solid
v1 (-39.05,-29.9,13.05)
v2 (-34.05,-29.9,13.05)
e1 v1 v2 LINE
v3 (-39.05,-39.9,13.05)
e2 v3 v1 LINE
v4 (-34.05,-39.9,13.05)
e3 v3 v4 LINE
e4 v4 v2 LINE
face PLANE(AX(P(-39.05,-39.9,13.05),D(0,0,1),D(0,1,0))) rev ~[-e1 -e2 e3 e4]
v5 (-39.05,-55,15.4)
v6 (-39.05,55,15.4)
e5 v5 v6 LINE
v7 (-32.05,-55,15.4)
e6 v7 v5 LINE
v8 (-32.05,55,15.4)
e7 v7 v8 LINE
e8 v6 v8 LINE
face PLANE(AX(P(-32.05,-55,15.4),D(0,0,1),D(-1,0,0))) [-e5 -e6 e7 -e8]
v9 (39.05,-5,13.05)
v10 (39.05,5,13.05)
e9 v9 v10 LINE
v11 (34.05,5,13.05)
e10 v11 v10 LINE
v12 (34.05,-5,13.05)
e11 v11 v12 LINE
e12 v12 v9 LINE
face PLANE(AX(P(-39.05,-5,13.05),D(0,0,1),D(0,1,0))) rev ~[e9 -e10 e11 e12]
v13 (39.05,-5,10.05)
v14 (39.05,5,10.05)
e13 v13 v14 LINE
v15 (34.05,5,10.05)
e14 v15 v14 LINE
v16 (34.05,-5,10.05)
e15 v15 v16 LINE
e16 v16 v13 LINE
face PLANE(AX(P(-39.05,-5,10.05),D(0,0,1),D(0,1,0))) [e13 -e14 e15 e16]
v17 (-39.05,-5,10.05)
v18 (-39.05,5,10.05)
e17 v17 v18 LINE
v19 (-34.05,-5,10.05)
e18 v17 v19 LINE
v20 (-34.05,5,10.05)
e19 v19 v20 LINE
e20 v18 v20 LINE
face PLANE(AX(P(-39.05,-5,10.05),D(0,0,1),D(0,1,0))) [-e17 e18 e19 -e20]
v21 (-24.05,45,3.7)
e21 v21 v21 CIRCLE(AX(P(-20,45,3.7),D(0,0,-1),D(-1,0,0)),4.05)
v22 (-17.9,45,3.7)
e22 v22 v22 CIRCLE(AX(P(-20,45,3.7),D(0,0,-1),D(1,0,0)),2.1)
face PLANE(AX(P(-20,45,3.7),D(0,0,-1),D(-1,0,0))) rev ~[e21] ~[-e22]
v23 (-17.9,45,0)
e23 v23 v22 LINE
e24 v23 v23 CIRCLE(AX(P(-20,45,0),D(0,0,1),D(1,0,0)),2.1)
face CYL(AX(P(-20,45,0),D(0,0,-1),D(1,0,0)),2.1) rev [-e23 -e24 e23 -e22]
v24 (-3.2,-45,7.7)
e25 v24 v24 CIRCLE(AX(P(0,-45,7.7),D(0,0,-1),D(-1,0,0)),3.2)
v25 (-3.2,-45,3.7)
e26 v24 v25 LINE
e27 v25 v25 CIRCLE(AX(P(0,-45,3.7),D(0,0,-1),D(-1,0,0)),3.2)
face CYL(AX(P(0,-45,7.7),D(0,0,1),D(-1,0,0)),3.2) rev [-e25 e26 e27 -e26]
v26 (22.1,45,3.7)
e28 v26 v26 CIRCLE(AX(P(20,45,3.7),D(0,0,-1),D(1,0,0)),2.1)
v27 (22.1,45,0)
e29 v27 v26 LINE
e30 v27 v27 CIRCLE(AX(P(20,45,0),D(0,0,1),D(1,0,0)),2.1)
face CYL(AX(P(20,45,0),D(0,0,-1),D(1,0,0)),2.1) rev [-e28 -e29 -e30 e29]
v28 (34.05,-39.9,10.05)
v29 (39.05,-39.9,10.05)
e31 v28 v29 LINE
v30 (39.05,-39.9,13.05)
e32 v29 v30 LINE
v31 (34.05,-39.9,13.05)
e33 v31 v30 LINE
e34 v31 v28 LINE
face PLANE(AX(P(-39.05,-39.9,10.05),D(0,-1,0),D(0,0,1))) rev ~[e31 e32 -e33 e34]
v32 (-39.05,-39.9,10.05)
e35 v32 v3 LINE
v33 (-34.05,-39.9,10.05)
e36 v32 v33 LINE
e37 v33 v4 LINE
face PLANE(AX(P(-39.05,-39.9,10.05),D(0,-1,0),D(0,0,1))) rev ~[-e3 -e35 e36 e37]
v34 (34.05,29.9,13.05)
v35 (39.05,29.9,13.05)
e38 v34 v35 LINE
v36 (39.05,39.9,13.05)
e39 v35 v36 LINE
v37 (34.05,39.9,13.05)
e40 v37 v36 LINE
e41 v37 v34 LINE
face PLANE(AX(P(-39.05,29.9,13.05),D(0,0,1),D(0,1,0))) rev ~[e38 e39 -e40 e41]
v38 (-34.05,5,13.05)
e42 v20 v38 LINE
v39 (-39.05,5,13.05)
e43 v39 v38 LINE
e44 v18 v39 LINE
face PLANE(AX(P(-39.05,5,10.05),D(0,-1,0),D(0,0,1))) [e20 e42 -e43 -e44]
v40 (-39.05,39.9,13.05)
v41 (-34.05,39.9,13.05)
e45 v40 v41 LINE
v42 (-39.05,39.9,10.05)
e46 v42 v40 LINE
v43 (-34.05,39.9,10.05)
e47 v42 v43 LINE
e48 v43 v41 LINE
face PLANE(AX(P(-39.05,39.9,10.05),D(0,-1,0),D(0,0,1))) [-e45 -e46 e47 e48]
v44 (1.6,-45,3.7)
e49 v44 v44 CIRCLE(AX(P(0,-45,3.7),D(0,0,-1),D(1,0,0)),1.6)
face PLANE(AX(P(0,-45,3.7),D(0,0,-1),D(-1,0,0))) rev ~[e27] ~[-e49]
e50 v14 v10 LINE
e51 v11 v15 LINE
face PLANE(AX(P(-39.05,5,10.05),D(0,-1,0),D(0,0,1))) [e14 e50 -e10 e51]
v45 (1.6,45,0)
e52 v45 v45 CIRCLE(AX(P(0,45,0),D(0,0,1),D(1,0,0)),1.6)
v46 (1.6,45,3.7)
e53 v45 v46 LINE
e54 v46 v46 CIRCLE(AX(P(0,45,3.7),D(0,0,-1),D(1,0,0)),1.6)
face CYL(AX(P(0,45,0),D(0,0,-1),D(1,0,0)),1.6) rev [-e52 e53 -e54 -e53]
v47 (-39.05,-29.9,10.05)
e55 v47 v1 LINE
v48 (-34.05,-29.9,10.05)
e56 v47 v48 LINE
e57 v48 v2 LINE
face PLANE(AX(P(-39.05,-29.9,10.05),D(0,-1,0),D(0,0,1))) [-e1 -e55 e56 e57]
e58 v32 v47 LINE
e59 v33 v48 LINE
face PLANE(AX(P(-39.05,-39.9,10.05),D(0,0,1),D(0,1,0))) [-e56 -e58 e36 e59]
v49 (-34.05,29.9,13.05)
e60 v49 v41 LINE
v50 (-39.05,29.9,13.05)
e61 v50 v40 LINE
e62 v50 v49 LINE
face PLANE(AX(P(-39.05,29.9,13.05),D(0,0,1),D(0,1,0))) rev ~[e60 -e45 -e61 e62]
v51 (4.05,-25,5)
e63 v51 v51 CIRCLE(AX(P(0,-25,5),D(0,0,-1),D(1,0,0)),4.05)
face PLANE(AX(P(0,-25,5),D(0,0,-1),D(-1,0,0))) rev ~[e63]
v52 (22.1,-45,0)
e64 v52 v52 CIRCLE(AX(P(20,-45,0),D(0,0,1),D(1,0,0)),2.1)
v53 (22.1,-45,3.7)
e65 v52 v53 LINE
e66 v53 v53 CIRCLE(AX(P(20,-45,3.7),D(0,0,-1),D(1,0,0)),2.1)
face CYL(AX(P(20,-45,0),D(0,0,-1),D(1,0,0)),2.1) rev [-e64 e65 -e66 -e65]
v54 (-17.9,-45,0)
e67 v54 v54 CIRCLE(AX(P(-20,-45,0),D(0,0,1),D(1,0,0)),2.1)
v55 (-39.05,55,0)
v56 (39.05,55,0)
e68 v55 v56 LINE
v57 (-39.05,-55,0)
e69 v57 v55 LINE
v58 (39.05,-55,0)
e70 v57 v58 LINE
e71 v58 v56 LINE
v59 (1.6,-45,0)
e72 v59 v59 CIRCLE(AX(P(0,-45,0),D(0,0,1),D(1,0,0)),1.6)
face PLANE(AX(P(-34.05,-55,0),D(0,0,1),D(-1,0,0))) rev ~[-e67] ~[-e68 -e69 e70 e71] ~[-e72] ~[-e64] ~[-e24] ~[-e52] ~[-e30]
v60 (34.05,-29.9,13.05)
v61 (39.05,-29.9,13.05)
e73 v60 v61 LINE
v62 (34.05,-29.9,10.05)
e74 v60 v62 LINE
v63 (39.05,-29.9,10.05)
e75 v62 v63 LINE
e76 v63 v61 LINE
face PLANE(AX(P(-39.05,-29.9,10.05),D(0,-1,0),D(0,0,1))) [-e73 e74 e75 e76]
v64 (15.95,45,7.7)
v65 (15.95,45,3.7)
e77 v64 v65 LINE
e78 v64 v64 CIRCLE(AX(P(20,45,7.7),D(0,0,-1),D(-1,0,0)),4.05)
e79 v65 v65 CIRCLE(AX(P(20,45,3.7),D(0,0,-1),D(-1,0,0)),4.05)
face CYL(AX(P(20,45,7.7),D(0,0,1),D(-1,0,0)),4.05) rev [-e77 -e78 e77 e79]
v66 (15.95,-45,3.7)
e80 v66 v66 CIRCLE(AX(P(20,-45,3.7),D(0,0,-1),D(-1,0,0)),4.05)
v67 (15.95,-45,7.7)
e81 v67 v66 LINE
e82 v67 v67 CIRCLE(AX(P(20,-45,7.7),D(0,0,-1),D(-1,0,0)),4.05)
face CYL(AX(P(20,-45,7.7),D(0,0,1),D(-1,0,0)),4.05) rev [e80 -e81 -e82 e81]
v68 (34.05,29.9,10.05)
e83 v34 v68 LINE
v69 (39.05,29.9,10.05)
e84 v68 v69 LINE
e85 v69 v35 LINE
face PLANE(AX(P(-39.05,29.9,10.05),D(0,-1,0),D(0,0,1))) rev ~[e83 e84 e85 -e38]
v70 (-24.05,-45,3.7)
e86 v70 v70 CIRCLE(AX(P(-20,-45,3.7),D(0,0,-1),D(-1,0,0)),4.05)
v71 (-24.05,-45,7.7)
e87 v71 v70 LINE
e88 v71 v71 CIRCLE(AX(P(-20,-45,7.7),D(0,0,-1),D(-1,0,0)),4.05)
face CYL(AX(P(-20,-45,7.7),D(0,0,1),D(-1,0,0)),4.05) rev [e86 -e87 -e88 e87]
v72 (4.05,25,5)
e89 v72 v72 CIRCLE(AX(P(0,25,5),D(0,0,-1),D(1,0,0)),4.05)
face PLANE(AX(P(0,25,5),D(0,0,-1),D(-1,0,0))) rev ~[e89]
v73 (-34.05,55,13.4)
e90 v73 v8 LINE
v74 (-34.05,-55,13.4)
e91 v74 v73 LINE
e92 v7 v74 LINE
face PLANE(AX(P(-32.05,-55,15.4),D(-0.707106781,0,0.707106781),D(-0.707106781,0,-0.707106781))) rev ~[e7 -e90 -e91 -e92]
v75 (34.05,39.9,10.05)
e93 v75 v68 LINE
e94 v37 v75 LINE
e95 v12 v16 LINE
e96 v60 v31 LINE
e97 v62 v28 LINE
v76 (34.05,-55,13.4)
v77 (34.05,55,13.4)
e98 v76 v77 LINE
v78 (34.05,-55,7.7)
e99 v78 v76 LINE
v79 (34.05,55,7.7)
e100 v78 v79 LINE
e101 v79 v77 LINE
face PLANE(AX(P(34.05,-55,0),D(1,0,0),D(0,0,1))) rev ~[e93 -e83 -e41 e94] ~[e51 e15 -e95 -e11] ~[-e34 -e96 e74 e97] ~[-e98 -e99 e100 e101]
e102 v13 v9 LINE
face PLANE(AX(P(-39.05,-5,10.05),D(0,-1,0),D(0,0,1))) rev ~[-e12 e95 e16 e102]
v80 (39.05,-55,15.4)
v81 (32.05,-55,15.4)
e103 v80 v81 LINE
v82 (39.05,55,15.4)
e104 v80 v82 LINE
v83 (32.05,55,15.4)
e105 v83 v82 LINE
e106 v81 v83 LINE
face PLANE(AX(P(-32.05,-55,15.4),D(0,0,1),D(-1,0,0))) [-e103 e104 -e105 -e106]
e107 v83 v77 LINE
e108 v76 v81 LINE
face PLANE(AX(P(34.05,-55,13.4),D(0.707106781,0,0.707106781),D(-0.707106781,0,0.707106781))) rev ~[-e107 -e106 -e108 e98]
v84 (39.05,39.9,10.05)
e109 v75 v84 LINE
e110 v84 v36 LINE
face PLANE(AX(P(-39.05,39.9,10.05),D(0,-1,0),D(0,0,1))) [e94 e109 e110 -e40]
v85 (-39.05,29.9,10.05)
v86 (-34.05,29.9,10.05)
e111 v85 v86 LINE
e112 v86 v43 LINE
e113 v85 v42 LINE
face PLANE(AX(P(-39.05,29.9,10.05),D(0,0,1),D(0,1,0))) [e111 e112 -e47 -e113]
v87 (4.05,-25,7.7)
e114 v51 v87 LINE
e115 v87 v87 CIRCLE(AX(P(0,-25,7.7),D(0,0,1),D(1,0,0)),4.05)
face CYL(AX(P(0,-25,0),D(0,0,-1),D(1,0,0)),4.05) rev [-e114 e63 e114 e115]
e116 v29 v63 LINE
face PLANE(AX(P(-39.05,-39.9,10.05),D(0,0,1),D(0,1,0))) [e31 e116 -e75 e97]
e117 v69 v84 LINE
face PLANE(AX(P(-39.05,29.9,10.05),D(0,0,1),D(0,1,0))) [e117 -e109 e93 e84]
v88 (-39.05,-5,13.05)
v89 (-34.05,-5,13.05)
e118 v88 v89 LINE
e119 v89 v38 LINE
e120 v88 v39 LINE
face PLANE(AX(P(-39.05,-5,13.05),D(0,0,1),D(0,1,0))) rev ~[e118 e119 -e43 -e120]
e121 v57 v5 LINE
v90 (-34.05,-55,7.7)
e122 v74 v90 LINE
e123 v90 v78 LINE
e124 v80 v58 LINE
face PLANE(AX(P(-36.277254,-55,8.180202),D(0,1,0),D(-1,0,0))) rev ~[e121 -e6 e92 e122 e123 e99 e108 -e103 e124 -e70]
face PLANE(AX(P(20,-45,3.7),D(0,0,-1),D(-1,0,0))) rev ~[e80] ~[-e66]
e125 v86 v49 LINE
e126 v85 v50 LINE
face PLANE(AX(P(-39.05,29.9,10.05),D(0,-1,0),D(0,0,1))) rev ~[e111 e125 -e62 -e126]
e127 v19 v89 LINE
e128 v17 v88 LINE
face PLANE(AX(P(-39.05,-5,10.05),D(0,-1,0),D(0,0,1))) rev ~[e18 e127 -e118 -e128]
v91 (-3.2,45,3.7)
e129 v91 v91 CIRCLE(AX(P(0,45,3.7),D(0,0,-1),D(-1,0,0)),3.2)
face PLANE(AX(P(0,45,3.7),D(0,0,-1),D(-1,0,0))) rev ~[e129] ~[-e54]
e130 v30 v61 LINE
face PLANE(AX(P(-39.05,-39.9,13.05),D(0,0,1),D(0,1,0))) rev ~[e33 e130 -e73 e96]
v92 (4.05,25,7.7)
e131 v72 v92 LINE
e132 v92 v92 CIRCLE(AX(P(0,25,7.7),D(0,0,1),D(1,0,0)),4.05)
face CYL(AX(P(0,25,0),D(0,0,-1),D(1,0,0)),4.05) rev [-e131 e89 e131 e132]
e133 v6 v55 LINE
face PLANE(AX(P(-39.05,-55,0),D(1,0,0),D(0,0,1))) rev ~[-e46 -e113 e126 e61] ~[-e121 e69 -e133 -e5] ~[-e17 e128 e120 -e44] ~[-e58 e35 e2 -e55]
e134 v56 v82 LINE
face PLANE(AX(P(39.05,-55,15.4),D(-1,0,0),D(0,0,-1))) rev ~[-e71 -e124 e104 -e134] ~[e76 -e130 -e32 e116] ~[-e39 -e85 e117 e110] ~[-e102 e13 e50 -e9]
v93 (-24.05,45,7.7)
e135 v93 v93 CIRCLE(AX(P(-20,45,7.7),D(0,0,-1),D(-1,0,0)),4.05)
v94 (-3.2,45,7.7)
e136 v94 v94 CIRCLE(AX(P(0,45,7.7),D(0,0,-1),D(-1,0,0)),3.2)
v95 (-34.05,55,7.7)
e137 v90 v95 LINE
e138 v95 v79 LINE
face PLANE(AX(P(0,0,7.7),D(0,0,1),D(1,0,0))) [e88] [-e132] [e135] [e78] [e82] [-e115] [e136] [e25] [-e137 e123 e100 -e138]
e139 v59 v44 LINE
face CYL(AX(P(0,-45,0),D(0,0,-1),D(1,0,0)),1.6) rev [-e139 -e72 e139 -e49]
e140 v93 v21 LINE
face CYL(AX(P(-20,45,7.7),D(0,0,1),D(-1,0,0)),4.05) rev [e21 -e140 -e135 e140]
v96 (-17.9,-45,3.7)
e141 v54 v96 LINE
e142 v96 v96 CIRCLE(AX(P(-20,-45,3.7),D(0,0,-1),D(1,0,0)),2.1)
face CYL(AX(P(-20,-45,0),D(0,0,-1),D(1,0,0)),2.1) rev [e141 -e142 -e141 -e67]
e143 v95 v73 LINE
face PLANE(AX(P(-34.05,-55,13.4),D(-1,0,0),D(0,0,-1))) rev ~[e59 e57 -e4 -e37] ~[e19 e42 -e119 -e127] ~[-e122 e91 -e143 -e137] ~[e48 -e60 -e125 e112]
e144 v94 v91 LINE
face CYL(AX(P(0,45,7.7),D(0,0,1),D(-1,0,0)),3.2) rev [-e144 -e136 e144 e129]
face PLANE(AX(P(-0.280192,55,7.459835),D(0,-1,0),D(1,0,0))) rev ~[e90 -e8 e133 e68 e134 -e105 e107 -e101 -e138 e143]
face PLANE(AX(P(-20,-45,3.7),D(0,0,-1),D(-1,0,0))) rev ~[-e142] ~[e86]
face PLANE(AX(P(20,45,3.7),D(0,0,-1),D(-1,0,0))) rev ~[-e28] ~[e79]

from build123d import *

# Parameters (mm, degrees)
SKETCH1_W                = 68.1
SKETCH1_H                = 110
SKETCH1_R                = 2.1
SKETCH1_R_2              = 4.05
SKETCH1_R_3              = 1.6
BOSS_EXTRUDE1_DEPTH      = 7.7
SKETCH2_R                = 7.334333348
SKETCH2_R_2              = 11.073656437
BOSS_EXTRUDE2_DEPTH      = 5
SKETCH3_R                = 4.05
SKETCH3_R_2              = 3.2
CUT_EXTRUDE1_DEPTH       = 4
SKETCH4_W                = 68.1
SKETCH4_H                = 5
BOSS_EXTRUDE3_DEPTH      = 7.7
BOSS_EXTRUDE3_DEPTH_BACK = 7.7
BOSS_EXTRUDE4_DEPTH      = 115
SKETCH8_W                = 94.544818424
SKETCH8_H                = 30.580965824
CUT_EXTRUDE2_DEPTH       = 10
SKETCH9_W                = 3
SKETCH9_H                = 10
CUT_EXTRUDE3_DEPTH       = 79.1


with BuildPart() as part:
    # Sketch1 → Boss-Extrude1 (new body)
    with BuildSketch(Plane.XY):
        Rectangle(SKETCH1_W, SKETCH1_H)
        with Locations((20, 45)):
            Circle(SKETCH1_R, mode=Mode.SUBTRACT)
        with Locations((-20, 45)):
            Circle(SKETCH1_R, mode=Mode.SUBTRACT)
        with Locations((20, -45)):
            Circle(SKETCH1_R, mode=Mode.SUBTRACT)
        with Locations((-20, -45)):
            Circle(SKETCH1_R, mode=Mode.SUBTRACT)
        with Locations((0, 25)):
            Circle(SKETCH1_R_2, mode=Mode.SUBTRACT)
        with Locations((0, -25)):
            Circle(SKETCH1_R_2, mode=Mode.SUBTRACT)
        with Locations((0, 45)):
            Circle(SKETCH1_R_3, mode=Mode.SUBTRACT)
        with Locations((0, -45)):
            Circle(SKETCH1_R_3, mode=Mode.SUBTRACT)
    extrude(amount=BOSS_EXTRUDE1_DEPTH)

    # Sketch2 → Boss-Extrude2 (add)
    with BuildSketch(Plane(origin=(0, 0, 0), x_dir=(-1, 0, 0), z_dir=(0, 0, -1))):
        with Locations((0, 25)):
            Circle(SKETCH2_R)
        with Locations((0, -25)):
            Circle(SKETCH2_R_2)
    extrude(amount=-BOSS_EXTRUDE2_DEPTH)

    # Sketch3 → Cut-Extrude1 (cut)
    with BuildSketch(Plane(origin=(0, 0, 7.7), x_dir=(-1, 0, 0), z_dir=(0, 0, -1))):
        with Locations((-20, 45)):
            Circle(SKETCH3_R)
        with Locations((20, 45)):
            Circle(SKETCH3_R)
        with Locations((-20, -45)):
            Circle(SKETCH3_R)
        with Locations((20, -45)):
            Circle(SKETCH3_R)
        with Locations((0, 45)):
            Circle(SKETCH3_R_2)
        with Locations((0, -45)):
            Circle(SKETCH3_R_2)
    extrude(amount=CUT_EXTRUDE1_DEPTH, mode=Mode.SUBTRACT)

    # Sketch4 → Boss-Extrude3 (add, two sides)
    with BuildSketch(Plane.XY.offset(7.7)) as boss_extrude3_sk:
        with Locations((0, 57.5)):
            Rectangle(SKETCH4_W, SKETCH4_H)
    extrude(amount=BOSS_EXTRUDE3_DEPTH)
    extrude(boss_extrude3_sk.sketch, amount=-BOSS_EXTRUDE3_DEPTH_BACK)

    # Sketch7 → Boss-Extrude4 (add)
    with BuildSketch(Plane.XZ.offset(55)):
        Polygon((-34.05, 15.4), (-32.05, 15.4), (-34.05, 13.4), (-34.05, 0), (-39.05, 0), (-39.05, 15.4), align=None)
        Polygon((39.05, 0), (34.05, 0), (34.05, 13.4), (32.05, 15.4), (34.05, 15.4), (39.05, 15.4), align=None)
    extrude(amount=-BOSS_EXTRUDE4_DEPTH)

    # Sketch8 → Cut-Extrude2 (cut)
    with BuildSketch(Plane.XZ.offset(-55)):
        with Locations((-0.280192095, 7.459835347)):
            Rectangle(SKETCH8_W, SKETCH8_H)
    extrude(amount=-CUT_EXTRUDE2_DEPTH, mode=Mode.SUBTRACT)

    # Sketch9 → Cut-Extrude3 (cut, through all)
    with BuildSketch(Plane.ZY.offset(39.05)):
        with Locations((11.55, 0)):
            Rectangle(SKETCH9_W, SKETCH9_H)
        with Locations((11.55, 34.9)):
            Rectangle(SKETCH9_W, SKETCH9_H)
        with Locations((11.55, -34.9)):
            Rectangle(SKETCH9_W, SKETCH9_H)
    extrude(amount=-CUT_EXTRUDE3_DEPTH, mode=Mode.SUBTRACT)


solid = part.part
